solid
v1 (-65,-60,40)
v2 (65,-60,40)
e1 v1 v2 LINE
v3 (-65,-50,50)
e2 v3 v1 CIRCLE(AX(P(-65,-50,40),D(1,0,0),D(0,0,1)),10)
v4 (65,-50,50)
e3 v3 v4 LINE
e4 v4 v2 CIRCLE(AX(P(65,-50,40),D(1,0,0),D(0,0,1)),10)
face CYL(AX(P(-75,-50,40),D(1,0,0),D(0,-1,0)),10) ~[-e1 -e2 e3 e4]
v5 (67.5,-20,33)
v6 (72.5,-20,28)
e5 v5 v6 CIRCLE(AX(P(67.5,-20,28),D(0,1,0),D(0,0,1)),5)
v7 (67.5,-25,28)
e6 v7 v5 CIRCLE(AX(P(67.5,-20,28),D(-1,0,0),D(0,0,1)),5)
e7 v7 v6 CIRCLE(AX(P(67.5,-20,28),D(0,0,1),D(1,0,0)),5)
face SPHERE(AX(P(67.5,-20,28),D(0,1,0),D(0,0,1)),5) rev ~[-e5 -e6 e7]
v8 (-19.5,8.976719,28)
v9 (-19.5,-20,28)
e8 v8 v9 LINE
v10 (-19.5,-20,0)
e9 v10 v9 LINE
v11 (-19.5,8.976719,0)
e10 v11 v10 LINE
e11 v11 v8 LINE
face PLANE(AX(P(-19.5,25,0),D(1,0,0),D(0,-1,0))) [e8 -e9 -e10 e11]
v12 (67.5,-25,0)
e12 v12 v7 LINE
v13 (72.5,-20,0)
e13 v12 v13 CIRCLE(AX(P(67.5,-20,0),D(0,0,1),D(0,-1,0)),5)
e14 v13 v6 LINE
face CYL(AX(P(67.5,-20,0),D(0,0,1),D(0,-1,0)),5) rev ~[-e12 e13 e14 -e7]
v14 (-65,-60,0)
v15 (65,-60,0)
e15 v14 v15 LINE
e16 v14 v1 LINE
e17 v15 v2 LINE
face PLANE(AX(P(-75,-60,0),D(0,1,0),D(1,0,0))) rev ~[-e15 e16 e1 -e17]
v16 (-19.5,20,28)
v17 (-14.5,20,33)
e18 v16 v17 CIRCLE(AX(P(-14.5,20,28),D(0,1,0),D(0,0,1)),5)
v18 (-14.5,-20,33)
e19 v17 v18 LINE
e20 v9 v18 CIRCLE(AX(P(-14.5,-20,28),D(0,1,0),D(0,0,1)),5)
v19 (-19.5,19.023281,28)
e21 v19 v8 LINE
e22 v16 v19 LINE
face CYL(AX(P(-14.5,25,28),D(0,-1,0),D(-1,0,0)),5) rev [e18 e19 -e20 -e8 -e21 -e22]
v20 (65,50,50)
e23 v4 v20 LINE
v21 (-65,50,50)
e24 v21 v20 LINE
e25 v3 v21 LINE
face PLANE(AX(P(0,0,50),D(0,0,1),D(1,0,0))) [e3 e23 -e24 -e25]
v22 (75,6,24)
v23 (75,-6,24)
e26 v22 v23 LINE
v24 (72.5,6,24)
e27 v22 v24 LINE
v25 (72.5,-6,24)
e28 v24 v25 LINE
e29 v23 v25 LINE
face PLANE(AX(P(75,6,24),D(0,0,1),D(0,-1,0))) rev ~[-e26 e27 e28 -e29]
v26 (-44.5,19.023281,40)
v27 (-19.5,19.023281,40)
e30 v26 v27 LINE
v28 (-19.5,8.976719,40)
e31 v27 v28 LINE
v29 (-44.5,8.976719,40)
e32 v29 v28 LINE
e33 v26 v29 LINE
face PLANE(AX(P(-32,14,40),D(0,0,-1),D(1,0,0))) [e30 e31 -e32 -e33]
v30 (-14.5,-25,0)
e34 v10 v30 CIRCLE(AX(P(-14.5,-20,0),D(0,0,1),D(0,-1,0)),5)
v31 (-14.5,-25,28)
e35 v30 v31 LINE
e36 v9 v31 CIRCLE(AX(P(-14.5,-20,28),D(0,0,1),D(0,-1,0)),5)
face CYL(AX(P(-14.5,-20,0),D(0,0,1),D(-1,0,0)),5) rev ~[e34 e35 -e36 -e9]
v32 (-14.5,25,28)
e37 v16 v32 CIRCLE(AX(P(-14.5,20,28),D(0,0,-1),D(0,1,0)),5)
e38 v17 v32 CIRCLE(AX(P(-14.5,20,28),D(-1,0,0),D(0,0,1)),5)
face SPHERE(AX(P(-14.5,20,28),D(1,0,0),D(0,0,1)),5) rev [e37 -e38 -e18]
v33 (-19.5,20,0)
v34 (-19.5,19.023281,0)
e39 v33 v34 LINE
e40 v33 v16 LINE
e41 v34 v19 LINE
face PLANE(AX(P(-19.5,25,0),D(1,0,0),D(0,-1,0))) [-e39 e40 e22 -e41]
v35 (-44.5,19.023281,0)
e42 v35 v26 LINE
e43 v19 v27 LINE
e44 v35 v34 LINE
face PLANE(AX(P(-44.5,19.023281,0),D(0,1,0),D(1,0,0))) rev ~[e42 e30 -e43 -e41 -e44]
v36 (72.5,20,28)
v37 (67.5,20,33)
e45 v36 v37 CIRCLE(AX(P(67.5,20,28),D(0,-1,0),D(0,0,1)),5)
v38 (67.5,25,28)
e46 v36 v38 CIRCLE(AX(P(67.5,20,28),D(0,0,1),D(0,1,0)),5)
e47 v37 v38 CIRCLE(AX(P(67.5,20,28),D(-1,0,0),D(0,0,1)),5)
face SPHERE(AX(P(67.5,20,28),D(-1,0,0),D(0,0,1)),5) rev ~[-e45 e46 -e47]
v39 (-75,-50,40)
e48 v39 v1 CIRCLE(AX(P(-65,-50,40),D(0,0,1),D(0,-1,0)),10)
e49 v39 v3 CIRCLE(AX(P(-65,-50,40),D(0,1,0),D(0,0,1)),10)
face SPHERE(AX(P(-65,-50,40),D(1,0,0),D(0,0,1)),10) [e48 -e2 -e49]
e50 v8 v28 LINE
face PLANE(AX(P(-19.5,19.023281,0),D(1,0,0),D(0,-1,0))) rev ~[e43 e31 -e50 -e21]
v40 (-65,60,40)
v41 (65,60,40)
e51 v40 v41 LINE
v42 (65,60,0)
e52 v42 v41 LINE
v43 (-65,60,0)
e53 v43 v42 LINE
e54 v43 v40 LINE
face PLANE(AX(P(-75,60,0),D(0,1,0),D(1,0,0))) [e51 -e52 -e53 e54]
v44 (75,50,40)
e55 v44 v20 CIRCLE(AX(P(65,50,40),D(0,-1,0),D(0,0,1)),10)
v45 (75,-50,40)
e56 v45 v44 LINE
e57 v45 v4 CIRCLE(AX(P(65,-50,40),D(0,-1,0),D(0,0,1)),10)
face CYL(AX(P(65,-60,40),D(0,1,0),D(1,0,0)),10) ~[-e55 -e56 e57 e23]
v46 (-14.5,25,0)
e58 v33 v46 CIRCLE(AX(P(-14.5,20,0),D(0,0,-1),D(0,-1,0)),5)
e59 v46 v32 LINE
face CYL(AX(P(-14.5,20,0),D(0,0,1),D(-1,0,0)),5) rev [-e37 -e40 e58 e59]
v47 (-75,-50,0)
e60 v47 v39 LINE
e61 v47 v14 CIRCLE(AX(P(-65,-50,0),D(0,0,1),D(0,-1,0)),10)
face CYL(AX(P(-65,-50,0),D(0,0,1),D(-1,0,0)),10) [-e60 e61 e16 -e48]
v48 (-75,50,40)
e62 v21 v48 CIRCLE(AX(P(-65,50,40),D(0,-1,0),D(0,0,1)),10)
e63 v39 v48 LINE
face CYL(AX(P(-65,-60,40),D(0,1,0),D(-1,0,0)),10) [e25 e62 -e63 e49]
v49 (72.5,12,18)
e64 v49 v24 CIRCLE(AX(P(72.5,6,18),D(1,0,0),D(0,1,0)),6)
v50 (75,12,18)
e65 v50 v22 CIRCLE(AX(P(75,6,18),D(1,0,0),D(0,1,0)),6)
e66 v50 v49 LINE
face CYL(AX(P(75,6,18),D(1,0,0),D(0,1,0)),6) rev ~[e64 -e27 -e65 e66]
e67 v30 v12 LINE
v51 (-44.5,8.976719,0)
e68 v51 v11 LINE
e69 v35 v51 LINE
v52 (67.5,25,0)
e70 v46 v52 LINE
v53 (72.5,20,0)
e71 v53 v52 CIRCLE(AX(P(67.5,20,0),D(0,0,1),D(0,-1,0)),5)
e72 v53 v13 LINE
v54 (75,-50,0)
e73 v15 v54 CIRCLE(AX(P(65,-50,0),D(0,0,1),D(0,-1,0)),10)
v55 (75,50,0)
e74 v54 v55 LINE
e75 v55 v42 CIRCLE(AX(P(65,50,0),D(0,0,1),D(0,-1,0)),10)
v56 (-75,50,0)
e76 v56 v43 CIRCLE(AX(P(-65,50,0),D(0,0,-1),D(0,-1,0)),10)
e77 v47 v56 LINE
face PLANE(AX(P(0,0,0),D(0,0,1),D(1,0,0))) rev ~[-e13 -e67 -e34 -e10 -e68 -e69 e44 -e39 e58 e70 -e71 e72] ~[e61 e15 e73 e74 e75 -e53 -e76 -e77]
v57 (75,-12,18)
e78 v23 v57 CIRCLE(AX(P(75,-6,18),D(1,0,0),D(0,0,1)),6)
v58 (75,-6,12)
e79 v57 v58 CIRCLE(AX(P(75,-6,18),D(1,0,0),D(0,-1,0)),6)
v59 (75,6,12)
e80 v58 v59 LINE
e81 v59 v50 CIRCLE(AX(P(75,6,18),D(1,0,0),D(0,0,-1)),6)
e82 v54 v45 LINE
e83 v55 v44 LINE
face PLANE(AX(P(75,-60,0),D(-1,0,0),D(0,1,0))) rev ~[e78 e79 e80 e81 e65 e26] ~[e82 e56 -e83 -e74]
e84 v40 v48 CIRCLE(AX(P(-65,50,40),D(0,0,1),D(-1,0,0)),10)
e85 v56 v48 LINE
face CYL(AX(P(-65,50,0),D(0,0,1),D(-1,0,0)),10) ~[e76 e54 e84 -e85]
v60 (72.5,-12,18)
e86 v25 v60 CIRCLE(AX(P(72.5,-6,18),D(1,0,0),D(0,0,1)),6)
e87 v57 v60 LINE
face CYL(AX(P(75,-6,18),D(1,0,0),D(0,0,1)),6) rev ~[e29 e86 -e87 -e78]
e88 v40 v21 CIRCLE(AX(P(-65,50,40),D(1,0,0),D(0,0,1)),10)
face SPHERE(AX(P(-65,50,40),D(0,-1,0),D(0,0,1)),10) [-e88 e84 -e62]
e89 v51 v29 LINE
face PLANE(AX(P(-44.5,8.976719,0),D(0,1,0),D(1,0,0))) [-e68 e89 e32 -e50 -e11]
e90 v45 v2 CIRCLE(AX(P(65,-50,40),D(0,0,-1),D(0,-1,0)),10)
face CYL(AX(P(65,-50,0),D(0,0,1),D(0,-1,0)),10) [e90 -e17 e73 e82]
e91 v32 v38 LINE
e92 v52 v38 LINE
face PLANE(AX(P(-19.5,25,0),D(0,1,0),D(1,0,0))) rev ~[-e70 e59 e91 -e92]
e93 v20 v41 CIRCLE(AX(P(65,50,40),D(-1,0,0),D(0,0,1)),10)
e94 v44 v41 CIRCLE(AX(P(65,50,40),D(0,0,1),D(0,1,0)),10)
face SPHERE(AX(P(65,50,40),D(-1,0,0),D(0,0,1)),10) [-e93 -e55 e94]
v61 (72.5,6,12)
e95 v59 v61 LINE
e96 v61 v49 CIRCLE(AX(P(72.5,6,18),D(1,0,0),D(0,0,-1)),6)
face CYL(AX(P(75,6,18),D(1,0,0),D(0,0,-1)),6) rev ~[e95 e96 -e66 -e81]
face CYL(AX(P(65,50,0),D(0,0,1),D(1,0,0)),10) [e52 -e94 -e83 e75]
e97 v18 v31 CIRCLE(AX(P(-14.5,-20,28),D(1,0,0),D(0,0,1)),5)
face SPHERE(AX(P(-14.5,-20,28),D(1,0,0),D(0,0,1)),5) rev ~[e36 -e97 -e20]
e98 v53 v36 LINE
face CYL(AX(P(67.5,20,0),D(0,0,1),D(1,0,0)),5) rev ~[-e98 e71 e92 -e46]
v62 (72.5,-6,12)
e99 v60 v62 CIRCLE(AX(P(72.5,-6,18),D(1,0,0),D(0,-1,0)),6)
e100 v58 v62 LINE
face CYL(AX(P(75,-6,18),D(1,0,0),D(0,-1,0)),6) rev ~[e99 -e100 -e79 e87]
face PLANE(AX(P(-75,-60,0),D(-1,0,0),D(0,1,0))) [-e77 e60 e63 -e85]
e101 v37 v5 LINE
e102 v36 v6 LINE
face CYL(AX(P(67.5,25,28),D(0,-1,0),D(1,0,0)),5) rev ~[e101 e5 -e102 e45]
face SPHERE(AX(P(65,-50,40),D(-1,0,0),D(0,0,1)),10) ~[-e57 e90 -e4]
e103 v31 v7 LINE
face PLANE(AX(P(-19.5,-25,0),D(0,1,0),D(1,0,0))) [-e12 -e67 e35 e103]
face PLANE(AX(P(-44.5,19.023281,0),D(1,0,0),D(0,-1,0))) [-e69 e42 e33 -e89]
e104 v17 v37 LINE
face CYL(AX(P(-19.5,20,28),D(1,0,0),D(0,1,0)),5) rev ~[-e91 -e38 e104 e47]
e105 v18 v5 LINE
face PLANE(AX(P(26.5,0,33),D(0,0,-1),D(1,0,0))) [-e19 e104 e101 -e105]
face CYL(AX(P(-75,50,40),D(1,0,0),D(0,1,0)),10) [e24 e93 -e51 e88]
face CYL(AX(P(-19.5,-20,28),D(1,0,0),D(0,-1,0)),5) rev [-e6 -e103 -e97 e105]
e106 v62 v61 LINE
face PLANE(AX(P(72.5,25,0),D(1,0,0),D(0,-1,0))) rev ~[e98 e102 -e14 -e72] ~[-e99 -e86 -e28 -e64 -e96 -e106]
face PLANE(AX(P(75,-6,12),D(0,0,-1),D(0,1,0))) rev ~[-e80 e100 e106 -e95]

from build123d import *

# Parameters (mm, degrees)
F0_W     = 150
F0_H     = 120
F1_DEPTH = 50
F2_R     = 10
F3_W     = 92
F3_H     = 50
F4_DEPTH = 33
F5_R     = 5
F6_W     = 25
F6_H     = 10.0465611815
F7_DEPTH = 40
F9_DEPTH = 25


with BuildPart() as f1:
    # F0 (on Top) → F1 (new body)
    with BuildSketch(Plane.XY):
        Rectangle(F0_W, F0_H)
    extrude(amount=F1_DEPTH)

    # F2
    f2_edges = [f1.edges().sort_by_distance(p)[0] for p in [
        (0, -60, 50),
        (-75, 0, 50),
        (0, 60, 50),
        (75, 0, 50),
        (-75, -60, 25),
        (75, -60, 25),
        (75, 60, 25),
        (-75, 60, 25),
    ]]
    fillet(f2_edges, radius=F2_R)

    # F3 (on face) → F4 (cut)
    with BuildSketch(Plane(origin=(0, 0, 0), x_dir=(1, 0, 0), z_dir=(0, 0, -1))):
        with Locations((26.5, 0)):
            Rectangle(F3_W, F3_H)
    extrude(amount=-F4_DEPTH, mode=Mode.SUBTRACT)

    # F5
    f5_edges = [f1.edges().sort_by_distance(p)[0] for p in [
        (26.5, 25, 33),
        (72.5, 0, 33),
        (26.5, -25, 33),
        (-19.5, 0, 33),
        (-19.5, -25, 16.5),
        (72.5, -25, 16.5),
        (-19.5, 25, 16.5),
        (72.5, 25, 16.5),
    ]]
    fillet(f5_edges, radius=F5_R)

    # F6 (on face) → F7 (cut)
    with BuildSketch(Plane(origin=(0, 0, 0), x_dir=(1, 0, 0), z_dir=(0, 0, -1))):
        with Locations((-32, -14)):
            Rectangle(F6_W, F6_H)
    extrude(amount=-F7_DEPTH, mode=Mode.SUBTRACT)

    # F8 (on face) → F9 (cut)
    with BuildSketch(Plane.YZ.offset(75)):
        with BuildLine():
            Line((12, 18), (0, 18))
            ThreePointArc((0, 18), (1.7573593129, 13.7573593129), (6, 12))
            ThreePointArc((6, 12), (10.2426406871, 13.7573593129), (12, 18))
        make_face()
        with BuildLine():
            ThreePointArc((6, 24), (1.7573593129, 22.2426406871), (0, 18))
            Line((0, 18), (12, 18))
            ThreePointArc((12, 18), (10.2426406871, 22.2426406871), (6, 24))
        make_face()
        with BuildLine():
            ThreePointArc((-6, 24), (-1.7573593129, 22.2426406871), (0, 18))
            ThreePointArc((0, 18), (1.7573593129, 22.2426406871), (6, 24))
            Line((6, 24), (-6, 24))
        make_face()
        with BuildLine():
            Line((-12, 18), (0, 18))
            ThreePointArc((0, 18), (-1.7573593129, 22.2426406871), (-6, 24))
            ThreePointArc((-6, 24), (-10.2426406871, 22.2426406871), (-12, 18))
        make_face()
        with BuildLine():
            ThreePointArc((-6, 12), (-1.7573593129, 13.7573593129), (0, 18))
            Line((0, 18), (-12, 18))
            ThreePointArc((-12, 18), (-10.2426406871, 13.7573593129), (-6, 12))
        make_face()
        with BuildLine():
            ThreePointArc((6, 12), (1.7573593129, 13.7573593129), (0, 18))
            ThreePointArc((0, 18), (-1.7573593129, 13.7573593129), (-6, 12))
            Line((-6, 12), (6, 12))
        make_face()
    extrude(amount=-F9_DEPTH, mode=Mode.SUBTRACT)


solid = f1.part
